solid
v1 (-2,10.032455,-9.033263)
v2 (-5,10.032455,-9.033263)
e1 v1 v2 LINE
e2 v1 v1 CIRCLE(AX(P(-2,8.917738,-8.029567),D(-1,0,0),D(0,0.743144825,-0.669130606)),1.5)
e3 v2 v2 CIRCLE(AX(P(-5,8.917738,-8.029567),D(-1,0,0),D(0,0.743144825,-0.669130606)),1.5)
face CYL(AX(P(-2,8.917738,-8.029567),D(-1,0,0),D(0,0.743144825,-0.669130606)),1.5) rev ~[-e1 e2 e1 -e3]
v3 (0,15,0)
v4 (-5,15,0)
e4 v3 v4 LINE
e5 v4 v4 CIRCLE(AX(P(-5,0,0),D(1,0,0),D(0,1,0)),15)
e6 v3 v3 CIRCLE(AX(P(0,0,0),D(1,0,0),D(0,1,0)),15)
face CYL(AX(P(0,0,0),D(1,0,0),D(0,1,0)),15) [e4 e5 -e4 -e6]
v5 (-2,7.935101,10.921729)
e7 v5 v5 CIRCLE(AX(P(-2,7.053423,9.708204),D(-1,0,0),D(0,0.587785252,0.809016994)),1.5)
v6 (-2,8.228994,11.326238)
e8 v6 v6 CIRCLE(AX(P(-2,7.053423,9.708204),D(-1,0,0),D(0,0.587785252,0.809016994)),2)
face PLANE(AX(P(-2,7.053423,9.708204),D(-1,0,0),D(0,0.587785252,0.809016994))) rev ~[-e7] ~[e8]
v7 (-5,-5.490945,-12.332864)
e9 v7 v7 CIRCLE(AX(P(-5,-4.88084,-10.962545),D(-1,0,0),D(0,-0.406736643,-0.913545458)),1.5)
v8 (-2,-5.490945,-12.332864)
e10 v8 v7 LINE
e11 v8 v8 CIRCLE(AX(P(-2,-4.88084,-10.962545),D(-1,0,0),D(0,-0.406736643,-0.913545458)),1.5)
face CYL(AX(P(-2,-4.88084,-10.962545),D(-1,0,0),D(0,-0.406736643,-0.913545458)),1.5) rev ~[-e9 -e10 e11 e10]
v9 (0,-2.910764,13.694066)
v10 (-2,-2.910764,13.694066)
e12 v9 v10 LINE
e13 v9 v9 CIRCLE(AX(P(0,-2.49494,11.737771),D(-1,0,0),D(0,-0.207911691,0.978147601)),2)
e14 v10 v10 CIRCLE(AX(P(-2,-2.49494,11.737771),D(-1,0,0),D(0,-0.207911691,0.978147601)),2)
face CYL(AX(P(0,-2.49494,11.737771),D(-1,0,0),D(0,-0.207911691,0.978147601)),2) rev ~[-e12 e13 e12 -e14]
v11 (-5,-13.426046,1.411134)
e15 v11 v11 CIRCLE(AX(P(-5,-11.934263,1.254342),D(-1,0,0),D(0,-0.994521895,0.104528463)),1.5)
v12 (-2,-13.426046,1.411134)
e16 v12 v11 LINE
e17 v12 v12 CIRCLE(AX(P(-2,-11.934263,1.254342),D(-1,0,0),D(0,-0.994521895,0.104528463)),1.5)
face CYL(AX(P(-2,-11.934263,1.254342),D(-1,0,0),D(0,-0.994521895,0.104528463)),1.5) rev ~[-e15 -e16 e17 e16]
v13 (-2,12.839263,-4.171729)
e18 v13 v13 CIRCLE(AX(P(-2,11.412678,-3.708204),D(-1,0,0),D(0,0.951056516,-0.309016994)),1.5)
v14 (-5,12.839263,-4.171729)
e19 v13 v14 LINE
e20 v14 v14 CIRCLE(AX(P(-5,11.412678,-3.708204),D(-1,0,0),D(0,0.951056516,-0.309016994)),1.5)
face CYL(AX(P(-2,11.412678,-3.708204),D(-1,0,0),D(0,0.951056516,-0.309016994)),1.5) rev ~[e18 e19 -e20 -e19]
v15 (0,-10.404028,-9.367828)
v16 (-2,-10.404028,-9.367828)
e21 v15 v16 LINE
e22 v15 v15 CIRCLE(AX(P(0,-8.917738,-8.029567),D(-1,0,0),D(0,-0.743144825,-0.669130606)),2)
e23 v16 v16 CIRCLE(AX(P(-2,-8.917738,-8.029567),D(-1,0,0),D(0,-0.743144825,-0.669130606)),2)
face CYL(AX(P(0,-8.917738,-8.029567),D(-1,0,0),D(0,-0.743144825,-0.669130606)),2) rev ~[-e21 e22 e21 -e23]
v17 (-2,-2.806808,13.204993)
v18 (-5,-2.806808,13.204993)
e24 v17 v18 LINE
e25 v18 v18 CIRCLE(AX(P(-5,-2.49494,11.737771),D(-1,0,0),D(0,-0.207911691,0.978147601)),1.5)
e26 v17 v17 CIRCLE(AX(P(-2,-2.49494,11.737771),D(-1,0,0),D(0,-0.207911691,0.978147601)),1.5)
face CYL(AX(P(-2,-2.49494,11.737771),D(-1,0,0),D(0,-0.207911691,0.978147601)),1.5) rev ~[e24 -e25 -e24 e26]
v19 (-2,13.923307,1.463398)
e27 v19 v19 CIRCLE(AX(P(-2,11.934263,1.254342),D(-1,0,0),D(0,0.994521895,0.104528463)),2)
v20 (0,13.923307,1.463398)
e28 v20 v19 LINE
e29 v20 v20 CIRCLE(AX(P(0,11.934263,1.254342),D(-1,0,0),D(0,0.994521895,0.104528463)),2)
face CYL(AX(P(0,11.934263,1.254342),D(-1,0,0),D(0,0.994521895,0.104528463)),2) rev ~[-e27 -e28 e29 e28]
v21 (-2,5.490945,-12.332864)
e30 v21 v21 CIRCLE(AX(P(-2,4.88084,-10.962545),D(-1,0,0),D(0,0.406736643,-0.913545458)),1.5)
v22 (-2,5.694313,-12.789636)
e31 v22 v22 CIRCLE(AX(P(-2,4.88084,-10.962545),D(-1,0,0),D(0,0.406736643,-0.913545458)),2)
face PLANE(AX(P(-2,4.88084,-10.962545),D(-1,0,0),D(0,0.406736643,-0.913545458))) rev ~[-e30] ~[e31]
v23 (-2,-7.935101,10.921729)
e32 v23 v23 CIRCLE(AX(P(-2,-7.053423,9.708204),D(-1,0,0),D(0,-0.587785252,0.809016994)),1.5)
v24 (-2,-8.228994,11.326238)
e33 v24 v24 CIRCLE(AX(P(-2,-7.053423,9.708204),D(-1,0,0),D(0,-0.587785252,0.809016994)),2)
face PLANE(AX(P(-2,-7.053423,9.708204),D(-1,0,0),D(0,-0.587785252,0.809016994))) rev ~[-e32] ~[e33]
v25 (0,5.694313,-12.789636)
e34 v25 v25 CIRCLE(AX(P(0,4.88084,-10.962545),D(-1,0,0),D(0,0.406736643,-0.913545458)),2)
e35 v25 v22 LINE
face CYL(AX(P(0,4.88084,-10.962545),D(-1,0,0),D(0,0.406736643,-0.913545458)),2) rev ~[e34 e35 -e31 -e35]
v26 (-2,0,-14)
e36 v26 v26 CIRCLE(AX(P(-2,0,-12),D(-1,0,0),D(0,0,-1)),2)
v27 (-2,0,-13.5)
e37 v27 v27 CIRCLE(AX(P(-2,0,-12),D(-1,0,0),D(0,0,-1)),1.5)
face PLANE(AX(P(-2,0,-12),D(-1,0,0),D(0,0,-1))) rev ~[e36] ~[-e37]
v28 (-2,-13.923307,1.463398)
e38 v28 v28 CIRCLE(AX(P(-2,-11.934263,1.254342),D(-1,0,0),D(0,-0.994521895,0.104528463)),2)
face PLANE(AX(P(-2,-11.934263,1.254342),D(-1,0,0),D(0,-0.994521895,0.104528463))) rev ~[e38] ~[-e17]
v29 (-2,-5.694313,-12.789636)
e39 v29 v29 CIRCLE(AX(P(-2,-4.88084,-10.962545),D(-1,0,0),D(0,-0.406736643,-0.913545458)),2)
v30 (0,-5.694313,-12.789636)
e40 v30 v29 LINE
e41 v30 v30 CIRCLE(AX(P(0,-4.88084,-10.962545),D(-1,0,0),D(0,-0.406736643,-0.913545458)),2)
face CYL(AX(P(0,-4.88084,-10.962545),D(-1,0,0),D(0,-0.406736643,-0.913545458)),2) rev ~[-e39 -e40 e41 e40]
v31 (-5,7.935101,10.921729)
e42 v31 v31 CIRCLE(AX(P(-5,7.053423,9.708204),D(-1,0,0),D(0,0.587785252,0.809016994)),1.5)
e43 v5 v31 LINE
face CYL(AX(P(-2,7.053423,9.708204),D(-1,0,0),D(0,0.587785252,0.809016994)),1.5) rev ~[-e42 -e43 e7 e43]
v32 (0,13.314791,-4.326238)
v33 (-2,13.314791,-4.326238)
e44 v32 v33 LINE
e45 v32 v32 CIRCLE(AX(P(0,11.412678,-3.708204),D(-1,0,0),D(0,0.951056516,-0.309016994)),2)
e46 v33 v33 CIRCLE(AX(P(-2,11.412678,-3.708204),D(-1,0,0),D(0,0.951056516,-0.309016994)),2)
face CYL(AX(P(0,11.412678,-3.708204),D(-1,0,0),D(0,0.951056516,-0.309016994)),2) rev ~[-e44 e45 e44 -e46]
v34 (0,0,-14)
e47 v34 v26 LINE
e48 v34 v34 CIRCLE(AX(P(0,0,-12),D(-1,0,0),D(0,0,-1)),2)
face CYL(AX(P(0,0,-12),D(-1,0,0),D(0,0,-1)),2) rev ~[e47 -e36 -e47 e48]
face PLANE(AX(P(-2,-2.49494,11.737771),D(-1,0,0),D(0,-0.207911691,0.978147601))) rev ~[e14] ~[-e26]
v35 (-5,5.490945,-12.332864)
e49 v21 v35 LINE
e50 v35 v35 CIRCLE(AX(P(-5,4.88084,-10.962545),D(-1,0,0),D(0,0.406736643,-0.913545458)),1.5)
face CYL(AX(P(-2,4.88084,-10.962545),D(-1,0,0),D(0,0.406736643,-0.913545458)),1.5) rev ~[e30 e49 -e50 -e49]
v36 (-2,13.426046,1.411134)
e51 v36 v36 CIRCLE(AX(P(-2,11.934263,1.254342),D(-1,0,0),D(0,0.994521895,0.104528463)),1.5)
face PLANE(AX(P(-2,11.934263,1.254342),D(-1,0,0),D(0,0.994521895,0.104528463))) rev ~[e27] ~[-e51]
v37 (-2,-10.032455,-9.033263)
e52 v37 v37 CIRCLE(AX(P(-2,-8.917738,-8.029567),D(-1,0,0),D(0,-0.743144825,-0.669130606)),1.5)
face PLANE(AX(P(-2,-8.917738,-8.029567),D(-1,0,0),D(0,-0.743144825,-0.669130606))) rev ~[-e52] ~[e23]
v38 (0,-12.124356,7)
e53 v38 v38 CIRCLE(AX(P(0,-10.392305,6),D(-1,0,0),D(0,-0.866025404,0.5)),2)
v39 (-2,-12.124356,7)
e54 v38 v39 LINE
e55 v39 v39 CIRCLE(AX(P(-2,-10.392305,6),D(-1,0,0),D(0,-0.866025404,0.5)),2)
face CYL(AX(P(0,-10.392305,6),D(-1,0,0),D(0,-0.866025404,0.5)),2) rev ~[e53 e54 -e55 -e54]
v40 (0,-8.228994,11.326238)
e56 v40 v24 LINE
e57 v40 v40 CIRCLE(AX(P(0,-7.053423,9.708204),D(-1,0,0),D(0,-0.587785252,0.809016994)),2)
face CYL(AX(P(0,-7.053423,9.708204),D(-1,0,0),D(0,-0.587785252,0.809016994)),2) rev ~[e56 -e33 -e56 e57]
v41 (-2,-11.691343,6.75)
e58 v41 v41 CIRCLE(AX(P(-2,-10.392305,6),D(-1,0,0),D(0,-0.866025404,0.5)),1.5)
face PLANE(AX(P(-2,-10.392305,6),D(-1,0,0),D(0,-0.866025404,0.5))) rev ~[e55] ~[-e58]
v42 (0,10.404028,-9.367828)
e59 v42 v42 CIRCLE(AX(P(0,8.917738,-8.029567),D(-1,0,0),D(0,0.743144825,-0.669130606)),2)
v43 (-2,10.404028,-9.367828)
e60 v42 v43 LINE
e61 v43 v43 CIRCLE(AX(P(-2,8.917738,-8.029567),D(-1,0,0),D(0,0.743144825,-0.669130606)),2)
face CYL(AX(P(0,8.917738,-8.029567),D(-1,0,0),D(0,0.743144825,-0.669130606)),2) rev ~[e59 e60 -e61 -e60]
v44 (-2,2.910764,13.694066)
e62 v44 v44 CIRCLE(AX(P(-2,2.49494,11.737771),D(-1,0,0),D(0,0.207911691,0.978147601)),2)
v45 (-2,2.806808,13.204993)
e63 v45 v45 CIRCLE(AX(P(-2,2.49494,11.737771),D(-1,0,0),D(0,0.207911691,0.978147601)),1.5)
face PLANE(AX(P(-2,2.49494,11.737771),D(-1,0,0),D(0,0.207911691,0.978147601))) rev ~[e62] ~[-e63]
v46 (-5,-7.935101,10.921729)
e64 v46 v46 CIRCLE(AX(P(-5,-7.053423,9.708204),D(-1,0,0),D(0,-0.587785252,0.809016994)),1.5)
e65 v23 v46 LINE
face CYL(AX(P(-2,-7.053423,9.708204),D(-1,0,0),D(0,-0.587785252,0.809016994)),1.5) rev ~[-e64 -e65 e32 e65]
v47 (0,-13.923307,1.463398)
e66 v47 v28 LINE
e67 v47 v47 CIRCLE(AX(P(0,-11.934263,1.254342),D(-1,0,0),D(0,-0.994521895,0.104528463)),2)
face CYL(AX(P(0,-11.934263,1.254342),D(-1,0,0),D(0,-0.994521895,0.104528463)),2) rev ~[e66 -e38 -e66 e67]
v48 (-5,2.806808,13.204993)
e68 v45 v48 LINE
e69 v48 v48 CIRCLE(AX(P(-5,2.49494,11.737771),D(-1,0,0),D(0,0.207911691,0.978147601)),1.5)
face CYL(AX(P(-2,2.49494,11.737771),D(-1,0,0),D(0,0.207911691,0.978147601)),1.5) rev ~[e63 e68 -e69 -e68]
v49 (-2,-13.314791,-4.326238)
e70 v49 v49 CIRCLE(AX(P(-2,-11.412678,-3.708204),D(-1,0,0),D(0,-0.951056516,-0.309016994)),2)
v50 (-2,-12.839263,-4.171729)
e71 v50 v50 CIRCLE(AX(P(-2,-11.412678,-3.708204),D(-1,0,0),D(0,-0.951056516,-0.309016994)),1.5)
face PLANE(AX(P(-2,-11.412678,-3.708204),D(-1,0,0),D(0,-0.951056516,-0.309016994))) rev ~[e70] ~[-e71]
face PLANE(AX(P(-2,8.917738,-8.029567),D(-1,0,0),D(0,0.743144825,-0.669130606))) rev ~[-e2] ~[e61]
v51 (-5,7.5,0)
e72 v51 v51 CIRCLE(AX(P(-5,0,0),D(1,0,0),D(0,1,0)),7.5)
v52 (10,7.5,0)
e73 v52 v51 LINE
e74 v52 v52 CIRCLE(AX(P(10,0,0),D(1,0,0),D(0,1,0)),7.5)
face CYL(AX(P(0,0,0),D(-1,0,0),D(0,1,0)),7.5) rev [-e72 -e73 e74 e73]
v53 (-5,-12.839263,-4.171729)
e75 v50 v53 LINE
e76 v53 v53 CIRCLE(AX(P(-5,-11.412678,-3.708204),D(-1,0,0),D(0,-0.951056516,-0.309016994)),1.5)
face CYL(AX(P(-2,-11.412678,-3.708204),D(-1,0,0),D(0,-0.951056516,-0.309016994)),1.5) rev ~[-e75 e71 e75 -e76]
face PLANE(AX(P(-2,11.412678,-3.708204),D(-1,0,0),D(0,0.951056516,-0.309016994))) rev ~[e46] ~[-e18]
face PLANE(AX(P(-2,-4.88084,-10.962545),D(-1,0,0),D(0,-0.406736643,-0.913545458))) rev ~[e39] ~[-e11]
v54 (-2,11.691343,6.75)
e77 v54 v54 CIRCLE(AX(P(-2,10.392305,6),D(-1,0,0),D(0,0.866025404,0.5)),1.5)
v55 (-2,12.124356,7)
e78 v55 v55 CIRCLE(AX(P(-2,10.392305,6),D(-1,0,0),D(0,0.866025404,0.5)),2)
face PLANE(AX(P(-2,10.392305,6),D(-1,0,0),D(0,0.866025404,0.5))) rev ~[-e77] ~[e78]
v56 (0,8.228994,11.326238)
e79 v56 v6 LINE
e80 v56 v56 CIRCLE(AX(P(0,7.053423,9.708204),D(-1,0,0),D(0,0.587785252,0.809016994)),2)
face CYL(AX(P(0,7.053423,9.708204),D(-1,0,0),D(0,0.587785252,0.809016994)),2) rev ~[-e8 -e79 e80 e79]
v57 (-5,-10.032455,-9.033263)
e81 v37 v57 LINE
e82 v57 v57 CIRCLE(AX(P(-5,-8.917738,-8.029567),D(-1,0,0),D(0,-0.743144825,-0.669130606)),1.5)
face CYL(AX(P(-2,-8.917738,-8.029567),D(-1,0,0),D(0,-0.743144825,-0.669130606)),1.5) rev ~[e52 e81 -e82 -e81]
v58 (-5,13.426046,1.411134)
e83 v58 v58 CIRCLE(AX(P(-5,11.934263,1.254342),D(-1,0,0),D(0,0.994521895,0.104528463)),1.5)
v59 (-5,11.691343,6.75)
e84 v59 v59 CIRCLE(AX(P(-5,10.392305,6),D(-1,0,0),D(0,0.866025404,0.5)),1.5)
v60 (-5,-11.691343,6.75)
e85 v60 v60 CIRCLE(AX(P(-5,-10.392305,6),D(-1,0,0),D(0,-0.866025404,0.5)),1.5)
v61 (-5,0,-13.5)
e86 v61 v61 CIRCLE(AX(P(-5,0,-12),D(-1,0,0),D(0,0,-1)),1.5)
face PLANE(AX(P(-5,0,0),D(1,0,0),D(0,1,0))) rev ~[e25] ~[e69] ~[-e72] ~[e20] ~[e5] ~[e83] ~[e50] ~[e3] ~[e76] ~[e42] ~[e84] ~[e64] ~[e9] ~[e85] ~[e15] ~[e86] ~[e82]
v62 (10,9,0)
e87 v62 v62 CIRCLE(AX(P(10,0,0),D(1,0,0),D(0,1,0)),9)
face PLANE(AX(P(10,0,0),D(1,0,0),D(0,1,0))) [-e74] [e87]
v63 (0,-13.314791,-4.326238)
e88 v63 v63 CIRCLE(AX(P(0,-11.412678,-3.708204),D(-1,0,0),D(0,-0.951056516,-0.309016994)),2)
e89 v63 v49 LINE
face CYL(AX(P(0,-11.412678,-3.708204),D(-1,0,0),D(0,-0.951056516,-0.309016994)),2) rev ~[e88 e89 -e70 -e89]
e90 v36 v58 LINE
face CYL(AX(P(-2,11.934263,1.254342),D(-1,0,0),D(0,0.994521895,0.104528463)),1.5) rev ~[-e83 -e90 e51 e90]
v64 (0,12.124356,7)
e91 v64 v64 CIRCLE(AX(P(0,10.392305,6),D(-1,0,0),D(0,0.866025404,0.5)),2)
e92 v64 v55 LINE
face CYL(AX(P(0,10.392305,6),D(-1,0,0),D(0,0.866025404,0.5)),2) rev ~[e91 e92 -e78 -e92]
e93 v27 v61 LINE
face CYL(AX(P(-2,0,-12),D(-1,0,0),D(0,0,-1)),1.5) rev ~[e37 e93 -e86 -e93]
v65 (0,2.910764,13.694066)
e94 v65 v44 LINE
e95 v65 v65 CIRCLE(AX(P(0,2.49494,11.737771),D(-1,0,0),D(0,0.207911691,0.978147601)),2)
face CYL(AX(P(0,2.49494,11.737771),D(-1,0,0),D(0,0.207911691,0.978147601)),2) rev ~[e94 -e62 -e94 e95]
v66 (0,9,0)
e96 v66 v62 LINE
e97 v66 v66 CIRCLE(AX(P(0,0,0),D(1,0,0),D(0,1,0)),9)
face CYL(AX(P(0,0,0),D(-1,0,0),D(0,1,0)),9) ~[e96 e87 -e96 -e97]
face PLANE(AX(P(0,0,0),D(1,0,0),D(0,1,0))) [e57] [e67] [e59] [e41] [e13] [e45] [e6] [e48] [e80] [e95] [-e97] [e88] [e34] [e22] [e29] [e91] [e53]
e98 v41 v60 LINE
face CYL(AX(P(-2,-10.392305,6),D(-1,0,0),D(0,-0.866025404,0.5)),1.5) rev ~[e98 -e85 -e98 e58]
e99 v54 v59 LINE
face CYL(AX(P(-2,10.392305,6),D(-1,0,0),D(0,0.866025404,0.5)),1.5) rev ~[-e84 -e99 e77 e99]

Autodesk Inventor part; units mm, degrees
ref_plane "YZ Plane" through (0, 0, 0) normal (1, 0, 0) x (0, 1, 0)
ref_plane "XZ Plane" through (0, 0, 0) normal (0, 1, 0) x (-1, 0, 0)
ref_plane "XY Plane" through (0, 0, 0) normal (0, 0, 1) x (1, 0, 0)
sketch "Sketch1" plane through (0, 0, 0) normal (1, 0, 0) x (0, 1, 0)
  circle A0 centre (0, 0) radius 7.5
  circle A1 centre (0, 0) radius 9
  circle A2 centre (0, 0) radius 15
  dimension "d0" = 15
  dimension "d1" = 18
  dimension "d2" = 30
extrude "Extrusion1" add sketch "Sketch1" against normal blind 5 contours A1 | A2
extrude "Extrusion2" add sketch "Sketch1" along normal blind 10 contours A1
sketch "Sketch2" plane through (0, 0, 0) normal (1, 0, 0) x (0, 0, -1)
  point P0 (0, 0)
  point P1 (12, 0)
  dimension "d7" = 12
hole "Hole1" at (0, 0, -12) direction (-1, 0, 0) diameter 3 end through all counterbore diameter 4 counterbore depth 2
pattern_circular "Circular Pattern1" count 15 over 360 about axis through (0, 0, 0) along (-1, 0, 0) of "Hole1"
properties part number "Part2dia16"
